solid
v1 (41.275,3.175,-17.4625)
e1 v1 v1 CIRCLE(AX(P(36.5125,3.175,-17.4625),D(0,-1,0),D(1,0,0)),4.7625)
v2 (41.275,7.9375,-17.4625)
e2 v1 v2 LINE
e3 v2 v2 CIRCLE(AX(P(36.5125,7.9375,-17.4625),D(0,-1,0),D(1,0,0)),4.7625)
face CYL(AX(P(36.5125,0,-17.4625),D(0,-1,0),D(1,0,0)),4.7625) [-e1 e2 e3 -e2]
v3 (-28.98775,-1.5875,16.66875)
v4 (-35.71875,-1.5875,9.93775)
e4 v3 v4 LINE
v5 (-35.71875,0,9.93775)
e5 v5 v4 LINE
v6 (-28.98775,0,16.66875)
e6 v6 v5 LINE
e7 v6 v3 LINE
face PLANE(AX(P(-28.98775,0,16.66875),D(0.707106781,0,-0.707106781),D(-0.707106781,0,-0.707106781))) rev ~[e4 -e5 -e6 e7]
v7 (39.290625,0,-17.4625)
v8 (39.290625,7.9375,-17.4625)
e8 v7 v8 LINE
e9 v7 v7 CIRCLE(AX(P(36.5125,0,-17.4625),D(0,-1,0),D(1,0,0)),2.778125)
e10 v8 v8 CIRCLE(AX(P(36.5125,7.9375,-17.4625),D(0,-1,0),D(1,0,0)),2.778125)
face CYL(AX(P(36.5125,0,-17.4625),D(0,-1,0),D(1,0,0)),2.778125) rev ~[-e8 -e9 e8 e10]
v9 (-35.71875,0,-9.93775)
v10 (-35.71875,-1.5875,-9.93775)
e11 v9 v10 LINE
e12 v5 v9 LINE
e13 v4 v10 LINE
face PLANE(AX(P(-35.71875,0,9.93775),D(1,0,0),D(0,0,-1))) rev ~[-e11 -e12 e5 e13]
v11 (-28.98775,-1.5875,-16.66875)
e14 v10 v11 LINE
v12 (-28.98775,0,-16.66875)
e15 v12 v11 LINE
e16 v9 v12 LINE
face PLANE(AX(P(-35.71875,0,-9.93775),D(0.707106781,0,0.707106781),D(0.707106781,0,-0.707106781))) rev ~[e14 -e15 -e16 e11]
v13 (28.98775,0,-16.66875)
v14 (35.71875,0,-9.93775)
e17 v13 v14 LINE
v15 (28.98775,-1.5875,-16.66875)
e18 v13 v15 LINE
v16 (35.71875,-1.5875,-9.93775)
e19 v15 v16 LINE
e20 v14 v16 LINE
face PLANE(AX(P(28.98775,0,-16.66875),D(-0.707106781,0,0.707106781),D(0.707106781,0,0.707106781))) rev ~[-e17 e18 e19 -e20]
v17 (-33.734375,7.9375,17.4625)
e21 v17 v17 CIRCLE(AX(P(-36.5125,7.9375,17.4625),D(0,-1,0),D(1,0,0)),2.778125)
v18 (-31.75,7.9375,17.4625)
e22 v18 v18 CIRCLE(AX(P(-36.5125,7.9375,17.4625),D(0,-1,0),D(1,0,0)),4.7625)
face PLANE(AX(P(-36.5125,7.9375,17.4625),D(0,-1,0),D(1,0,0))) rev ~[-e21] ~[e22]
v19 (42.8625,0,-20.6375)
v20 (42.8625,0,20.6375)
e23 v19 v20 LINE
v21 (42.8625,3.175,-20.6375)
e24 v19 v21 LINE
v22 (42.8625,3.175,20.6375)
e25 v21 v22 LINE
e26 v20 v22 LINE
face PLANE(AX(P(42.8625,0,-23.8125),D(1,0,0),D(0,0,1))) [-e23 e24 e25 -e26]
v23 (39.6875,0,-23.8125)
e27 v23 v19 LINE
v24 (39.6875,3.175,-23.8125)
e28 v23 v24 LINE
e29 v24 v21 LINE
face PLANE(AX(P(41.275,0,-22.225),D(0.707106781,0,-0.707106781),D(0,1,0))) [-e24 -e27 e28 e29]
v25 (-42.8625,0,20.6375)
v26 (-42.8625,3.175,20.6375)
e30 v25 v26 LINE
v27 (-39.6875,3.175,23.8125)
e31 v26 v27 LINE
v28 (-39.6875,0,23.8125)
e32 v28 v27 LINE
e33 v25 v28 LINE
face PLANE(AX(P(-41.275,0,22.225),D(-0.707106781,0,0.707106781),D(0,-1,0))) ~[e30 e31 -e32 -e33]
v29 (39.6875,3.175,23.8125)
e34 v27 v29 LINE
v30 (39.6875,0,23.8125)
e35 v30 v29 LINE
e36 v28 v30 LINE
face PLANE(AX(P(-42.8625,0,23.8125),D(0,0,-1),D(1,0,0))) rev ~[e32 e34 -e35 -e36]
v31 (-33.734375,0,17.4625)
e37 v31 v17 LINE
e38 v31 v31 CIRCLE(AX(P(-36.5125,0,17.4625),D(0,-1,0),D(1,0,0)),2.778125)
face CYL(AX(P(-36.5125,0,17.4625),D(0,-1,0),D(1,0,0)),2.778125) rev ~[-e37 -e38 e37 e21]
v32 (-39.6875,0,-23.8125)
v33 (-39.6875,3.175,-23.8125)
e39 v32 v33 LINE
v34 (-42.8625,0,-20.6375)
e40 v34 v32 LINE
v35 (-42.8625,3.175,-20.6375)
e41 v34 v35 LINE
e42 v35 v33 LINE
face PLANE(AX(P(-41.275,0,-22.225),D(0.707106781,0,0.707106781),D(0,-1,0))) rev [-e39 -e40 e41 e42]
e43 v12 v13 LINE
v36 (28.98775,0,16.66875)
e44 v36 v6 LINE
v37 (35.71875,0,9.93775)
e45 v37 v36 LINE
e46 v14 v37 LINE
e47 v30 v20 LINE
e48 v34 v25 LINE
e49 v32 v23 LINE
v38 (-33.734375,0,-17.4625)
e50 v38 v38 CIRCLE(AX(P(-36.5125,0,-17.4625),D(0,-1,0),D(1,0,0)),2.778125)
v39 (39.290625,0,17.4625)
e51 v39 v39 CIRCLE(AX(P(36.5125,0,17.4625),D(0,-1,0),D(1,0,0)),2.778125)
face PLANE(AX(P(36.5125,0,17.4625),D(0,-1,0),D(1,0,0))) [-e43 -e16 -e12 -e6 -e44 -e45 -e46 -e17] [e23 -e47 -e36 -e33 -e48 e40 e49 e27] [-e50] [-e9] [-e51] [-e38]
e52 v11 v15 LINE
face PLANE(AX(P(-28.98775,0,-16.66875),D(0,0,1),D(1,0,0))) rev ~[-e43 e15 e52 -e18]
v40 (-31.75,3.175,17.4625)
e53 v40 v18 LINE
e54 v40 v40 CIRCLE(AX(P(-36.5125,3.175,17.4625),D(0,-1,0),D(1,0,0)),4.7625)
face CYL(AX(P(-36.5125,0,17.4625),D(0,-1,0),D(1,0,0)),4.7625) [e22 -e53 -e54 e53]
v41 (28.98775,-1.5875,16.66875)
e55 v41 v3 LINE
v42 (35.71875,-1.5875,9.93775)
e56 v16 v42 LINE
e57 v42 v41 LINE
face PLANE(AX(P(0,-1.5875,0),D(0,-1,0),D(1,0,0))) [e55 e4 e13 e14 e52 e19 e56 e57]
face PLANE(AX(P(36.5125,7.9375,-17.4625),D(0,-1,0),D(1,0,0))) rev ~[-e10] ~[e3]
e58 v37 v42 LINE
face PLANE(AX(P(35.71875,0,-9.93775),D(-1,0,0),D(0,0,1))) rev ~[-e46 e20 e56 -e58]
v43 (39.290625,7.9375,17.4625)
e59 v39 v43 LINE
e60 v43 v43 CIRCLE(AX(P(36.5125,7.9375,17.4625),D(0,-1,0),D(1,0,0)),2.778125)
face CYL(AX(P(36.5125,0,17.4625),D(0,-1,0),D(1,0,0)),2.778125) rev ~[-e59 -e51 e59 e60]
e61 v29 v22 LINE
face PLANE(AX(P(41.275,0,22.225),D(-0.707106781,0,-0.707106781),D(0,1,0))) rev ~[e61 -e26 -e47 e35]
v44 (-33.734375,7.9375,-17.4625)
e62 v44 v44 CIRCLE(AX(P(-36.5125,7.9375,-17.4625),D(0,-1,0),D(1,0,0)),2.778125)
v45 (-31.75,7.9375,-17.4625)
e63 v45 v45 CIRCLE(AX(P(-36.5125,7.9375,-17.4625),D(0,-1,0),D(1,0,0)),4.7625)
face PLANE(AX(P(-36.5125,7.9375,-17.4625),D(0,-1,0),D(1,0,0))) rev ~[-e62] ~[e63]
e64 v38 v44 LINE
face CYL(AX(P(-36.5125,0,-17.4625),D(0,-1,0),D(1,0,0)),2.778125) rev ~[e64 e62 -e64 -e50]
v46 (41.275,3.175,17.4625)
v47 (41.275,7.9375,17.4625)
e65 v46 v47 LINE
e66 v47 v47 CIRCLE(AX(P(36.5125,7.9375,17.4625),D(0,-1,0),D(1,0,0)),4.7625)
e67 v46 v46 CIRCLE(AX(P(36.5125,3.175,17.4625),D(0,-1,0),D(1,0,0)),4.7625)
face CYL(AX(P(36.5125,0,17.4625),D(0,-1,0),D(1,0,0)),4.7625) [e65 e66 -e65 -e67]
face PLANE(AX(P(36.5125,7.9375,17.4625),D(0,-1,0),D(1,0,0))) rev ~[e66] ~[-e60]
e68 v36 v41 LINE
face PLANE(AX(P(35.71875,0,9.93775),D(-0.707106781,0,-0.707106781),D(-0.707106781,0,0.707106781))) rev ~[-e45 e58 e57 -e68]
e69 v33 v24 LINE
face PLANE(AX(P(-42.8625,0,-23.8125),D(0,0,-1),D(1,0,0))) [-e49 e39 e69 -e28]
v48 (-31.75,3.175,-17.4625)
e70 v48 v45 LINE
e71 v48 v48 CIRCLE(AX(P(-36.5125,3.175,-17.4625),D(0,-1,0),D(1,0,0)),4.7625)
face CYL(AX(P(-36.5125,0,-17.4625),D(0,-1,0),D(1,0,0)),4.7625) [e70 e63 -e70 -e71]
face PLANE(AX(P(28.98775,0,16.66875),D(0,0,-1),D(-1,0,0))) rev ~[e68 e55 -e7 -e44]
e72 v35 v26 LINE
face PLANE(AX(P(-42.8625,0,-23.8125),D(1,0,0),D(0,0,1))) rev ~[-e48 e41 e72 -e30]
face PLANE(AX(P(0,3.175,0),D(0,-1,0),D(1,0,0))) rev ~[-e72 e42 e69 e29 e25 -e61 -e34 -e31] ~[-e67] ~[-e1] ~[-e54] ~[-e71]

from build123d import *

# Parameters (mm, degrees)
F3_W      = 85.725
F3_H      = 47.625
F4_DEPTH  = 3.175
F6_DEPTH  = 1.5875
F7_R      = 4.7625
F8_DEPTH  = 7.9375
F9_R      = 2.778125
F10_DEPTH = 7.9375
F11_SIZE  = 3.175


with BuildPart() as f4:
    # F3 (on Front) → F4 (new body, through all)
    with BuildSketch(Plane.XZ):
        Rectangle(F3_W, F3_H)
    extrude(amount=-F4_DEPTH)

    # F5 (on Front) → F6 (join)
    with BuildSketch(Plane.XZ):
        Polygon((28.98775, 16.66875), (-28.98775, 16.66875), (-35.71875, 9.93775), (-35.71875, -9.93775), (-28.98775, -16.66875), (28.98775, -16.66875), (35.71875, -9.93775), (35.71875, 9.93775), align=None)
    extrude(amount=F6_DEPTH)

    # F7 (on Front) → F8 (join)
    with BuildSketch(Plane.XZ):
        with Locations((36.5125, 17.4625)):
            Circle(F7_R)
        with Locations((-36.5125, 17.4625)):
            Circle(F7_R)
        with Locations((-36.5125, -17.4625)):
            Circle(F7_R)
        with Locations((36.5125, -17.4625)):
            Circle(F7_R)
    extrude(amount=-F8_DEPTH)

    # F9 (on Front) → F10 (cut, through all)
    with BuildSketch(Plane.XZ):
        with Locations((36.5125, 17.4625)):
            Circle(F9_R)
        with Locations((36.5125, -17.4625)):
            Circle(F9_R)
        with Locations((-36.5125, 17.4625)):
            Circle(F9_R)
        with Locations((-36.5125, -17.4625)):
            Circle(F9_R)
    extrude(amount=-F10_DEPTH, mode=Mode.SUBTRACT)

    # F11
    f11_edges = [f4.edges().sort_by_distance(p)[0] for p in [
        (42.8625, 1.5875, -23.8125),
        (42.8625, 1.5875, 23.8125),
        (-42.8625, 1.5875, -23.8125),
        (-42.8625, 1.5875, 23.8125),
    ]]
    chamfer(f11_edges, length=F11_SIZE)


solid = f4.part
